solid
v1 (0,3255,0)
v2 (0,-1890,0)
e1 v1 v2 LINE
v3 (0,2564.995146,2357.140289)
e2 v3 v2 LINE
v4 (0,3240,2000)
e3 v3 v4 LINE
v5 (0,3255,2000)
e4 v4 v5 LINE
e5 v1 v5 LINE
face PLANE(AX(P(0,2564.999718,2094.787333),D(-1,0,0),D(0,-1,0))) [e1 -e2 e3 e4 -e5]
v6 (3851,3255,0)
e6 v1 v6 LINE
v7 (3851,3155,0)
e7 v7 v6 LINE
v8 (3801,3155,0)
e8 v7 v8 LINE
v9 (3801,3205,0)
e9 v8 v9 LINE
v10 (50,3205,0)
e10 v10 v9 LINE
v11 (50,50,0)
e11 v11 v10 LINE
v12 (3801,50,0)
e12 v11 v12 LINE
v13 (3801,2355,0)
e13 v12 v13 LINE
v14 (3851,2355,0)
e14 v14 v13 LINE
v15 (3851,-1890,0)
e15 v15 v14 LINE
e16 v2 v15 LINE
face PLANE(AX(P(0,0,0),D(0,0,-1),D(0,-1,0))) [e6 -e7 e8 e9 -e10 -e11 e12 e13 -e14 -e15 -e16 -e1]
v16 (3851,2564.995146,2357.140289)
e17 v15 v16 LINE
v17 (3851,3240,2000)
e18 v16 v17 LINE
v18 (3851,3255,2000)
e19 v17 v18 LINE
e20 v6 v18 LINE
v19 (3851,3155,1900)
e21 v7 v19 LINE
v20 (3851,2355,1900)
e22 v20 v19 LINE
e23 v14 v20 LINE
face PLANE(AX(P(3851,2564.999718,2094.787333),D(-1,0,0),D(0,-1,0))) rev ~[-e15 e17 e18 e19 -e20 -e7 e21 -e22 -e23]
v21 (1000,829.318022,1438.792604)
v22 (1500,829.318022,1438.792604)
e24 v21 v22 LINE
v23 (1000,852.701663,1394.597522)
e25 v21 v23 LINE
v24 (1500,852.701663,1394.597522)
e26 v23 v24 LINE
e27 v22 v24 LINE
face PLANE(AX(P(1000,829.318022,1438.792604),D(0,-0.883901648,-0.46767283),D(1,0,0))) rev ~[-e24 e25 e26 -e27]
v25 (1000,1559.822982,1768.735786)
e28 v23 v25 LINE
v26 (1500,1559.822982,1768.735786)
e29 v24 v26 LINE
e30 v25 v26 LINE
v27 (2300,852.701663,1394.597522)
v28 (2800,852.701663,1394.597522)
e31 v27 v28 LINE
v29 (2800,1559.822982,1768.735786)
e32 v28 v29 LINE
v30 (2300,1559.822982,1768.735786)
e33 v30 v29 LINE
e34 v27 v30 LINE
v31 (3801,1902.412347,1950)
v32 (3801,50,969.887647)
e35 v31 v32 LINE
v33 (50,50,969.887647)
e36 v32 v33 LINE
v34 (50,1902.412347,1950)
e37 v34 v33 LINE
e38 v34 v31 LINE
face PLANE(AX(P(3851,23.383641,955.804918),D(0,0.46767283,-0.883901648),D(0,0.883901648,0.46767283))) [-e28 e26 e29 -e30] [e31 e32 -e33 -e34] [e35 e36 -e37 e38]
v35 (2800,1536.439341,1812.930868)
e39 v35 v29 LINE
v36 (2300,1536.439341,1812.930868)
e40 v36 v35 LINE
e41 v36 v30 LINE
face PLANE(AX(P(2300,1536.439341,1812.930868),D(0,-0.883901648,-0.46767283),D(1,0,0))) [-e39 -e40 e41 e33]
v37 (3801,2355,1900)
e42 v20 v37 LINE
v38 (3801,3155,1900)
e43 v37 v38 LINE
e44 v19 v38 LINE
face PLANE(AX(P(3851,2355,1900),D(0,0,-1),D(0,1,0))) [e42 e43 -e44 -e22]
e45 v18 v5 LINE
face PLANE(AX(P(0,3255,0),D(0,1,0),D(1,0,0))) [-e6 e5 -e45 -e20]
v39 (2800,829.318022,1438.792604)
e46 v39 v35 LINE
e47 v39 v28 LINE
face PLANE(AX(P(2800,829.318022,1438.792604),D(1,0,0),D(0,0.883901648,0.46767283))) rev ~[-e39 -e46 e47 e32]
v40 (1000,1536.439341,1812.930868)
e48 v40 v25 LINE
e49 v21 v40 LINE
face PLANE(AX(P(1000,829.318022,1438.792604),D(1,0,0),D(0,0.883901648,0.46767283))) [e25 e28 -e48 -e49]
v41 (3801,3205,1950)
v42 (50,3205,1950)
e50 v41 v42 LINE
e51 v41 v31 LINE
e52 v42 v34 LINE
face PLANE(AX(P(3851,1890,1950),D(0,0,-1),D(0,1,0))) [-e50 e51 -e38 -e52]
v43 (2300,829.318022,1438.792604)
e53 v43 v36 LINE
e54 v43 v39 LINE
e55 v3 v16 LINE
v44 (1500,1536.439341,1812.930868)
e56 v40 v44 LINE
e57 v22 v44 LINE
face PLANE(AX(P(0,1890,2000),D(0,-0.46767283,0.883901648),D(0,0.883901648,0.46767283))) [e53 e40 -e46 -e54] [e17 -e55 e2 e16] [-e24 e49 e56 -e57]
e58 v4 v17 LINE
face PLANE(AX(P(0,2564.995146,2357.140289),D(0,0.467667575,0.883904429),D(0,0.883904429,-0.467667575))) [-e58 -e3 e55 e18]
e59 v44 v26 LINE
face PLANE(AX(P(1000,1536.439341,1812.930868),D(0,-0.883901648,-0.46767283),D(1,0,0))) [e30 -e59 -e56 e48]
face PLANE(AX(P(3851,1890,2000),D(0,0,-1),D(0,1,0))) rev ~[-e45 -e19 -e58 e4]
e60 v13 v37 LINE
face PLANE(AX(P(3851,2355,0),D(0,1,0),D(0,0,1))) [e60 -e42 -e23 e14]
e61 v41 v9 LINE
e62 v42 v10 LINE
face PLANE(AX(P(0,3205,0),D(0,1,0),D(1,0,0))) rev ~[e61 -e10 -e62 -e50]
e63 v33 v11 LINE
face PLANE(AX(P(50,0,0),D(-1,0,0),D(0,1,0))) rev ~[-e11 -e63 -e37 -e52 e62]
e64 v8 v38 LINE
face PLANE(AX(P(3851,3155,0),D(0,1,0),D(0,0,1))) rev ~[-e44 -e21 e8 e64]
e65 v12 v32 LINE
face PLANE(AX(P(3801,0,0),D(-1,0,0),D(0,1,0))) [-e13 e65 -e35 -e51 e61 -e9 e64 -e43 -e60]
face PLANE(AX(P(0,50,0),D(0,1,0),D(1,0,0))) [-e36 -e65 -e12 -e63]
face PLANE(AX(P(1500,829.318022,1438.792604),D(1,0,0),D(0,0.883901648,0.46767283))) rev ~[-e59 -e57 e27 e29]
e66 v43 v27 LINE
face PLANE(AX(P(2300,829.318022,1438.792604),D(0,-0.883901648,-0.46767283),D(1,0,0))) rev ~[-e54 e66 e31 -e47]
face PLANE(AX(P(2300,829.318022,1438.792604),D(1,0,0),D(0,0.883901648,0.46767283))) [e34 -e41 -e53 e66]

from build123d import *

# Parameters (mm, degrees)
F0_W      = 3851
F0_H      = 3255
F1_DEPTH  = 2500
F3_DEPTH  = 3851
F4_T      = -50
F5_W      = 800
F5_H      = 1900
F6_DEPTH  = 50
F7_W      = 500
F7_H      = 800
F8_DEPTH  = 50
F10_DEPTH = 3851


with BuildPart() as f1:
    # F0 (on Top) → F1 (new body)
    with BuildSketch(Plane.XY):
        with Locations((1925.5, 1627.5)):
            Rectangle(F0_W, F0_H)
    extrude(amount=F1_DEPTH)

    # F2 (on face) → F3 (cut, through all)
    with BuildSketch(Plane.YZ.offset(3851)):
        Polygon((0, 2500), (0, 1000), (1890, 2000), (3255, 2000), (3255, 2500), align=None)
    extrude(amount=-F3_DEPTH, mode=Mode.SUBTRACT)

    # F4
    f4_openings = [f1.faces().sort_by_distance(p)[0] for p in [
        (1925.5, 1627.5, 0),
    ]]
    offset(amount=F4_T, openings=f4_openings)

    # F5 (on face) → F6 (cut, through all)
    with BuildSketch(Plane.YZ.offset(3851)):
        with Locations((2755, 950)):
            Rectangle(F5_W, F5_H)
    extrude(amount=-F6_DEPTH, mode=Mode.SUBTRACT)

    # F7 (on face) → F8 (cut, through all)
    with BuildSketch(Plane(origin=(0, -413.3767852847, 781.282124188), x_dir=(1, 0, 0), z_dir=(0, -0.4676728299, 0.8839016485))):
        with Locations((1250, 1805.9197753983)):
            Rectangle(F7_W, F7_H)
        with Locations((2550, 1805.9197753983)):
            Rectangle(F7_W, F7_H)
    extrude(amount=-F8_DEPTH, mode=Mode.SUBTRACT)

    # F9 (on face) → F10 (join, through all)
    with BuildSketch(Plane(origin=(0, 0, 0), x_dir=(0, -1, 0), z_dir=(-1, 0, 0))):
        Polygon((-1890, 2000), (-2564.9951462485, 2357.1402890204), (-3240, 2000), align=None)
        Polygon((0, 1000), (0, 0), (1890, 0), align=None)
    extrude(amount=-F10_DEPTH)


solid = f1.part
